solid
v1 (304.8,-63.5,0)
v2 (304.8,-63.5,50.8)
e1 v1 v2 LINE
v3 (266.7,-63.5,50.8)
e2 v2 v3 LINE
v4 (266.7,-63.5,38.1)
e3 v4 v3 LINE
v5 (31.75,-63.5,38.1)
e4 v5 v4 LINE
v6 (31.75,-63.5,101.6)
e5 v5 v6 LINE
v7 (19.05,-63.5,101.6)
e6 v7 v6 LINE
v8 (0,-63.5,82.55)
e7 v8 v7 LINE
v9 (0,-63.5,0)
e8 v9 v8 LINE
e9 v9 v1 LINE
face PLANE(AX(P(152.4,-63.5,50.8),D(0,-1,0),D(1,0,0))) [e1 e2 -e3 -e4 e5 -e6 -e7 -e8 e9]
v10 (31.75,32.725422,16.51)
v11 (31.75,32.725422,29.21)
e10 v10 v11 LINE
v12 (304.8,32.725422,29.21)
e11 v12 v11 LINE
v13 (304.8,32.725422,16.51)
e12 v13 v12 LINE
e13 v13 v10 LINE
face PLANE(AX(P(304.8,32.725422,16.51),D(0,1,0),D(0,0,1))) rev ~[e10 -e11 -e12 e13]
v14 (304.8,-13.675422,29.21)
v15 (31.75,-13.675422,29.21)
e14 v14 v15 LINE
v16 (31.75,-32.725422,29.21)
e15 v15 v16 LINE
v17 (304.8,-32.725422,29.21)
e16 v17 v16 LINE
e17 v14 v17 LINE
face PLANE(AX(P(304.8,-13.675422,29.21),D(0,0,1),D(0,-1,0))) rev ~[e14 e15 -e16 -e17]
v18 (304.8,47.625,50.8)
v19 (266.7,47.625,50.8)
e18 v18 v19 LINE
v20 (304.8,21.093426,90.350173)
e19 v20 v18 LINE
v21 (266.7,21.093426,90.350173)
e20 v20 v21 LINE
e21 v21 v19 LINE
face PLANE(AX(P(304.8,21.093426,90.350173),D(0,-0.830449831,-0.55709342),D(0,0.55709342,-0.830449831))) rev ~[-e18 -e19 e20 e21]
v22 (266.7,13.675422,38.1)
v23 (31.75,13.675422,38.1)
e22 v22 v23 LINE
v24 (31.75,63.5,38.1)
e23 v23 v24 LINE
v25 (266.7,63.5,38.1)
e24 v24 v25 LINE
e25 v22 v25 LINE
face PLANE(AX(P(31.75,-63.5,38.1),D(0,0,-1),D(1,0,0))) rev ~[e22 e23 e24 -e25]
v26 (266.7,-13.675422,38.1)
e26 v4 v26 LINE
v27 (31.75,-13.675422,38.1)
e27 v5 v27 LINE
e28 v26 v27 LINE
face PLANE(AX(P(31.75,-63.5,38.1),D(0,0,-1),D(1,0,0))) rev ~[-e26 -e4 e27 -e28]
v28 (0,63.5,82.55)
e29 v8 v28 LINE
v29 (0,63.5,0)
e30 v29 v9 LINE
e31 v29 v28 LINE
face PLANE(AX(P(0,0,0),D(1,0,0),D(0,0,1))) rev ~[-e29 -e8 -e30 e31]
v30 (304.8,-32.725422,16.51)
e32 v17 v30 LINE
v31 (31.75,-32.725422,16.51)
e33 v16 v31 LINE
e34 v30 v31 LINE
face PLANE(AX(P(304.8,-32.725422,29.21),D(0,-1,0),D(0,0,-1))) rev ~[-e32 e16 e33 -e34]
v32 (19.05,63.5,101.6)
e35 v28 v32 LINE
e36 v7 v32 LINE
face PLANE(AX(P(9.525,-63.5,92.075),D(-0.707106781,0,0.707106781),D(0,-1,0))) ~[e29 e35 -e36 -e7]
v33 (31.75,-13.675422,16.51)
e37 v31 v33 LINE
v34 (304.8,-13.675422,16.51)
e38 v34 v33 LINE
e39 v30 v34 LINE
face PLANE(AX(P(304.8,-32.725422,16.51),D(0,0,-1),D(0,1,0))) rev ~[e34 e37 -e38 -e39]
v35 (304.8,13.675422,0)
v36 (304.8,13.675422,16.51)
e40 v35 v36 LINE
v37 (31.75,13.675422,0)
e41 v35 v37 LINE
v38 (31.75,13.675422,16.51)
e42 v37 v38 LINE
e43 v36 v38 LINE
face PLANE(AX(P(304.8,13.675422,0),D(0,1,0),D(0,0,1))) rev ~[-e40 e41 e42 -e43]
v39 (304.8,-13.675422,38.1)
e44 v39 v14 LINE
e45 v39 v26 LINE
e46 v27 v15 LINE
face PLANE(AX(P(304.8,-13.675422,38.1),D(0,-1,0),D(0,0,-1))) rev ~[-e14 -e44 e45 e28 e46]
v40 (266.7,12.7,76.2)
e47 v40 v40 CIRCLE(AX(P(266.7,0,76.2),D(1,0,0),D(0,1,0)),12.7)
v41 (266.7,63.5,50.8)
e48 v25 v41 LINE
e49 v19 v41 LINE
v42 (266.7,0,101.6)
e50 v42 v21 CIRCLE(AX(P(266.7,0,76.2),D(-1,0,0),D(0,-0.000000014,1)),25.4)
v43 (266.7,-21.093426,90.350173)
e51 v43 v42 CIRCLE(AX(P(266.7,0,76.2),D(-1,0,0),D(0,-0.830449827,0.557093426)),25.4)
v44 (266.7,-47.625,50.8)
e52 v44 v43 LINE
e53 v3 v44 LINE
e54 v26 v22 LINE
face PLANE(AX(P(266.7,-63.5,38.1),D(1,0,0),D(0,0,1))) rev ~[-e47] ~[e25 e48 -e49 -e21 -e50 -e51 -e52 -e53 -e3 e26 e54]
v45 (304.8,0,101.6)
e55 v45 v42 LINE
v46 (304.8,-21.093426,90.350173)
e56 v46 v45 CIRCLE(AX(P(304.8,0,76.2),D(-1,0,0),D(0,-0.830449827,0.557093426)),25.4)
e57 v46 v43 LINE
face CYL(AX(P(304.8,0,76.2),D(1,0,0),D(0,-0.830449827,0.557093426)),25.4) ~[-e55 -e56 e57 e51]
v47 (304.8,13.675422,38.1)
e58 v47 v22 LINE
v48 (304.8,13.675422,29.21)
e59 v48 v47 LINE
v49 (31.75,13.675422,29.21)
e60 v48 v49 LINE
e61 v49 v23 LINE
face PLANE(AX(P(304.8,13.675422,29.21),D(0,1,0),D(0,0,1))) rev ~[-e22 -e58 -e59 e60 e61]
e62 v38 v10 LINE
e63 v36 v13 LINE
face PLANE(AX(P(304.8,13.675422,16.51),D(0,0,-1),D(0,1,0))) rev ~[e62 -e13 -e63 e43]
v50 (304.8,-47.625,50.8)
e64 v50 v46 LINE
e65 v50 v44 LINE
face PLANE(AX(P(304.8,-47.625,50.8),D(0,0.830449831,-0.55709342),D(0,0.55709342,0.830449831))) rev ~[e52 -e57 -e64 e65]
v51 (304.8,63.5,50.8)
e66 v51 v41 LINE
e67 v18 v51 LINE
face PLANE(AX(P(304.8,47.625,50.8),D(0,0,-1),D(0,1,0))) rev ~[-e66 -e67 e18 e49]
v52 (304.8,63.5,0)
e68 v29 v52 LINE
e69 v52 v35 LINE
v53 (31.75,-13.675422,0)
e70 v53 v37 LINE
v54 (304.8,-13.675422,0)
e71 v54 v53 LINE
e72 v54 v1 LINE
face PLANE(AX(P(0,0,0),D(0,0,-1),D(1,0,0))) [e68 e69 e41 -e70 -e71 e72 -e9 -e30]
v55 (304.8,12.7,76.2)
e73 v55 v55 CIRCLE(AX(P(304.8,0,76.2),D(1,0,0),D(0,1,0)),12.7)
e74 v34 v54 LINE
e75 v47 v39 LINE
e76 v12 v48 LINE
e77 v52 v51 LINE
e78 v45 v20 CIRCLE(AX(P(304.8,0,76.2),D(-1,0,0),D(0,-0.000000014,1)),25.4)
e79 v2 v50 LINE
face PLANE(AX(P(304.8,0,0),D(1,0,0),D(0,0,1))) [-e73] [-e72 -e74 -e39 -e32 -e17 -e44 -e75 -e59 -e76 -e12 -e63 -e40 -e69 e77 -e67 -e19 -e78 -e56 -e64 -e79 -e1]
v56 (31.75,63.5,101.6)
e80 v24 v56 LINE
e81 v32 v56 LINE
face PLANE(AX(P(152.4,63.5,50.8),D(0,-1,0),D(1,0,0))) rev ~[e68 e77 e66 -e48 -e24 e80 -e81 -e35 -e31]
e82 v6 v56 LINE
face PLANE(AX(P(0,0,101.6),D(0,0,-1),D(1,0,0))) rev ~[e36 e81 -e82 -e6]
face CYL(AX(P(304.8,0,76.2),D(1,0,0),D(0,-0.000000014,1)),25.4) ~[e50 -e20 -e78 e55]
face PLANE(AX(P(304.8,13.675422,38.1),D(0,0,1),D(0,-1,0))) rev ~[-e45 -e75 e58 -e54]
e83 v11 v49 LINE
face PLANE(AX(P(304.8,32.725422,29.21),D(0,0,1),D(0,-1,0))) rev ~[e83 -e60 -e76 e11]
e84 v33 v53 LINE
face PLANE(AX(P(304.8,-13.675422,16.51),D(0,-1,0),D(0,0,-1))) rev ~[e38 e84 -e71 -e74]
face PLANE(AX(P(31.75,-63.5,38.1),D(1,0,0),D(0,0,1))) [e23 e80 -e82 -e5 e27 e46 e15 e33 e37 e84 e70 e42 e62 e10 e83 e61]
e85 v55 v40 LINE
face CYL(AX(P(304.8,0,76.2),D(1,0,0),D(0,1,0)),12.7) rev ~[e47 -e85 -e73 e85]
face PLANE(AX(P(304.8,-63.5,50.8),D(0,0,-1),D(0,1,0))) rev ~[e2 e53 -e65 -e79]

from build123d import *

# Parameters (mm, degrees)
F0_W     = 304.8
F0_H     = 101.6
F1_DEPTH = 63.5
F2_W     = 234.95
F2_H     = 63.5
F3_DEPTH = 127.001
F4_SIZE2 = 19.05
F4_SIZE  = 19.05
F5_R     = 12.7
F6_DEPTH = 38.1
F8_DEPTH = 273.05


with BuildPart() as f1:
    # F0 (on Front) → F1 (new body, symmetric)
    with BuildSketch(Plane.XZ):
        with Locations((152.4, 50.8)):
            Rectangle(F0_W, F0_H)
    extrude(amount=F1_DEPTH, both=True)

    # F2 (on face) → F3 (cut, through all)
    with BuildSketch(Plane.XZ.offset(63.5)):
        with Locations((149.225, 69.85)):
            Rectangle(F2_W, F2_H)
    extrude(amount=-F3_DEPTH, mode=Mode.SUBTRACT)

    # F4
    f4_edges = [f1.edges().sort_by_distance(p)[0] for p in [
        (0, 0, 101.6),
    ]]
    chamfer(f4_edges, length=F4_SIZE, length2=F4_SIZE2)

    # F5 (on face) → F6 (cut)
    with BuildSketch(Plane.YZ.offset(304.8)):
        with BuildLine():
            Line((-63.5, 101.6), (-63.5, 50.8))
            Line((-63.5, 50.8), (-47.625, 50.8))
            Line((-47.625, 50.8), (-21.093426, 90.350173))
            ThreePointArc((-21.093426, 90.350173), (-11.952941, 98.611765), (0, 101.6))
            Line((0, 101.6), (-63.5, 101.6))
        make_face()
        with BuildLine():
            Line((63.5, 101.6), (0, 101.6))
            ThreePointArc((0, 101.6), (11.952941, 98.611765), (21.093426, 90.350173))
            Line((21.093426, 90.350173), (47.625, 50.8))
            Line((47.625, 50.8), (63.5, 50.8))
            Line((63.5, 50.8), (63.5, 101.6))
        make_face()
        with Locations((0, 76.2)):
            Circle(F5_R)
    extrude(amount=-F6_DEPTH, mode=Mode.SUBTRACT)

    # F7 (on face) → F8 (cut)
    with BuildSketch(Plane.YZ.offset(304.8)):
        Polygon((-13.675422, 0), (0, 0), (13.675422, 0), (13.675422, 16.51), (32.725422, 16.51), (32.725422, 29.21), (13.675422, 29.21), (13.675422, 38.1), (0, 38.1), (-13.675422, 38.1), (-13.675422, 29.21), (-32.725422, 29.21), (-32.725422, 16.51), (-13.675422, 16.51), align=None)
    extrude(amount=-F8_DEPTH, mode=Mode.SUBTRACT)


solid = f1.part
